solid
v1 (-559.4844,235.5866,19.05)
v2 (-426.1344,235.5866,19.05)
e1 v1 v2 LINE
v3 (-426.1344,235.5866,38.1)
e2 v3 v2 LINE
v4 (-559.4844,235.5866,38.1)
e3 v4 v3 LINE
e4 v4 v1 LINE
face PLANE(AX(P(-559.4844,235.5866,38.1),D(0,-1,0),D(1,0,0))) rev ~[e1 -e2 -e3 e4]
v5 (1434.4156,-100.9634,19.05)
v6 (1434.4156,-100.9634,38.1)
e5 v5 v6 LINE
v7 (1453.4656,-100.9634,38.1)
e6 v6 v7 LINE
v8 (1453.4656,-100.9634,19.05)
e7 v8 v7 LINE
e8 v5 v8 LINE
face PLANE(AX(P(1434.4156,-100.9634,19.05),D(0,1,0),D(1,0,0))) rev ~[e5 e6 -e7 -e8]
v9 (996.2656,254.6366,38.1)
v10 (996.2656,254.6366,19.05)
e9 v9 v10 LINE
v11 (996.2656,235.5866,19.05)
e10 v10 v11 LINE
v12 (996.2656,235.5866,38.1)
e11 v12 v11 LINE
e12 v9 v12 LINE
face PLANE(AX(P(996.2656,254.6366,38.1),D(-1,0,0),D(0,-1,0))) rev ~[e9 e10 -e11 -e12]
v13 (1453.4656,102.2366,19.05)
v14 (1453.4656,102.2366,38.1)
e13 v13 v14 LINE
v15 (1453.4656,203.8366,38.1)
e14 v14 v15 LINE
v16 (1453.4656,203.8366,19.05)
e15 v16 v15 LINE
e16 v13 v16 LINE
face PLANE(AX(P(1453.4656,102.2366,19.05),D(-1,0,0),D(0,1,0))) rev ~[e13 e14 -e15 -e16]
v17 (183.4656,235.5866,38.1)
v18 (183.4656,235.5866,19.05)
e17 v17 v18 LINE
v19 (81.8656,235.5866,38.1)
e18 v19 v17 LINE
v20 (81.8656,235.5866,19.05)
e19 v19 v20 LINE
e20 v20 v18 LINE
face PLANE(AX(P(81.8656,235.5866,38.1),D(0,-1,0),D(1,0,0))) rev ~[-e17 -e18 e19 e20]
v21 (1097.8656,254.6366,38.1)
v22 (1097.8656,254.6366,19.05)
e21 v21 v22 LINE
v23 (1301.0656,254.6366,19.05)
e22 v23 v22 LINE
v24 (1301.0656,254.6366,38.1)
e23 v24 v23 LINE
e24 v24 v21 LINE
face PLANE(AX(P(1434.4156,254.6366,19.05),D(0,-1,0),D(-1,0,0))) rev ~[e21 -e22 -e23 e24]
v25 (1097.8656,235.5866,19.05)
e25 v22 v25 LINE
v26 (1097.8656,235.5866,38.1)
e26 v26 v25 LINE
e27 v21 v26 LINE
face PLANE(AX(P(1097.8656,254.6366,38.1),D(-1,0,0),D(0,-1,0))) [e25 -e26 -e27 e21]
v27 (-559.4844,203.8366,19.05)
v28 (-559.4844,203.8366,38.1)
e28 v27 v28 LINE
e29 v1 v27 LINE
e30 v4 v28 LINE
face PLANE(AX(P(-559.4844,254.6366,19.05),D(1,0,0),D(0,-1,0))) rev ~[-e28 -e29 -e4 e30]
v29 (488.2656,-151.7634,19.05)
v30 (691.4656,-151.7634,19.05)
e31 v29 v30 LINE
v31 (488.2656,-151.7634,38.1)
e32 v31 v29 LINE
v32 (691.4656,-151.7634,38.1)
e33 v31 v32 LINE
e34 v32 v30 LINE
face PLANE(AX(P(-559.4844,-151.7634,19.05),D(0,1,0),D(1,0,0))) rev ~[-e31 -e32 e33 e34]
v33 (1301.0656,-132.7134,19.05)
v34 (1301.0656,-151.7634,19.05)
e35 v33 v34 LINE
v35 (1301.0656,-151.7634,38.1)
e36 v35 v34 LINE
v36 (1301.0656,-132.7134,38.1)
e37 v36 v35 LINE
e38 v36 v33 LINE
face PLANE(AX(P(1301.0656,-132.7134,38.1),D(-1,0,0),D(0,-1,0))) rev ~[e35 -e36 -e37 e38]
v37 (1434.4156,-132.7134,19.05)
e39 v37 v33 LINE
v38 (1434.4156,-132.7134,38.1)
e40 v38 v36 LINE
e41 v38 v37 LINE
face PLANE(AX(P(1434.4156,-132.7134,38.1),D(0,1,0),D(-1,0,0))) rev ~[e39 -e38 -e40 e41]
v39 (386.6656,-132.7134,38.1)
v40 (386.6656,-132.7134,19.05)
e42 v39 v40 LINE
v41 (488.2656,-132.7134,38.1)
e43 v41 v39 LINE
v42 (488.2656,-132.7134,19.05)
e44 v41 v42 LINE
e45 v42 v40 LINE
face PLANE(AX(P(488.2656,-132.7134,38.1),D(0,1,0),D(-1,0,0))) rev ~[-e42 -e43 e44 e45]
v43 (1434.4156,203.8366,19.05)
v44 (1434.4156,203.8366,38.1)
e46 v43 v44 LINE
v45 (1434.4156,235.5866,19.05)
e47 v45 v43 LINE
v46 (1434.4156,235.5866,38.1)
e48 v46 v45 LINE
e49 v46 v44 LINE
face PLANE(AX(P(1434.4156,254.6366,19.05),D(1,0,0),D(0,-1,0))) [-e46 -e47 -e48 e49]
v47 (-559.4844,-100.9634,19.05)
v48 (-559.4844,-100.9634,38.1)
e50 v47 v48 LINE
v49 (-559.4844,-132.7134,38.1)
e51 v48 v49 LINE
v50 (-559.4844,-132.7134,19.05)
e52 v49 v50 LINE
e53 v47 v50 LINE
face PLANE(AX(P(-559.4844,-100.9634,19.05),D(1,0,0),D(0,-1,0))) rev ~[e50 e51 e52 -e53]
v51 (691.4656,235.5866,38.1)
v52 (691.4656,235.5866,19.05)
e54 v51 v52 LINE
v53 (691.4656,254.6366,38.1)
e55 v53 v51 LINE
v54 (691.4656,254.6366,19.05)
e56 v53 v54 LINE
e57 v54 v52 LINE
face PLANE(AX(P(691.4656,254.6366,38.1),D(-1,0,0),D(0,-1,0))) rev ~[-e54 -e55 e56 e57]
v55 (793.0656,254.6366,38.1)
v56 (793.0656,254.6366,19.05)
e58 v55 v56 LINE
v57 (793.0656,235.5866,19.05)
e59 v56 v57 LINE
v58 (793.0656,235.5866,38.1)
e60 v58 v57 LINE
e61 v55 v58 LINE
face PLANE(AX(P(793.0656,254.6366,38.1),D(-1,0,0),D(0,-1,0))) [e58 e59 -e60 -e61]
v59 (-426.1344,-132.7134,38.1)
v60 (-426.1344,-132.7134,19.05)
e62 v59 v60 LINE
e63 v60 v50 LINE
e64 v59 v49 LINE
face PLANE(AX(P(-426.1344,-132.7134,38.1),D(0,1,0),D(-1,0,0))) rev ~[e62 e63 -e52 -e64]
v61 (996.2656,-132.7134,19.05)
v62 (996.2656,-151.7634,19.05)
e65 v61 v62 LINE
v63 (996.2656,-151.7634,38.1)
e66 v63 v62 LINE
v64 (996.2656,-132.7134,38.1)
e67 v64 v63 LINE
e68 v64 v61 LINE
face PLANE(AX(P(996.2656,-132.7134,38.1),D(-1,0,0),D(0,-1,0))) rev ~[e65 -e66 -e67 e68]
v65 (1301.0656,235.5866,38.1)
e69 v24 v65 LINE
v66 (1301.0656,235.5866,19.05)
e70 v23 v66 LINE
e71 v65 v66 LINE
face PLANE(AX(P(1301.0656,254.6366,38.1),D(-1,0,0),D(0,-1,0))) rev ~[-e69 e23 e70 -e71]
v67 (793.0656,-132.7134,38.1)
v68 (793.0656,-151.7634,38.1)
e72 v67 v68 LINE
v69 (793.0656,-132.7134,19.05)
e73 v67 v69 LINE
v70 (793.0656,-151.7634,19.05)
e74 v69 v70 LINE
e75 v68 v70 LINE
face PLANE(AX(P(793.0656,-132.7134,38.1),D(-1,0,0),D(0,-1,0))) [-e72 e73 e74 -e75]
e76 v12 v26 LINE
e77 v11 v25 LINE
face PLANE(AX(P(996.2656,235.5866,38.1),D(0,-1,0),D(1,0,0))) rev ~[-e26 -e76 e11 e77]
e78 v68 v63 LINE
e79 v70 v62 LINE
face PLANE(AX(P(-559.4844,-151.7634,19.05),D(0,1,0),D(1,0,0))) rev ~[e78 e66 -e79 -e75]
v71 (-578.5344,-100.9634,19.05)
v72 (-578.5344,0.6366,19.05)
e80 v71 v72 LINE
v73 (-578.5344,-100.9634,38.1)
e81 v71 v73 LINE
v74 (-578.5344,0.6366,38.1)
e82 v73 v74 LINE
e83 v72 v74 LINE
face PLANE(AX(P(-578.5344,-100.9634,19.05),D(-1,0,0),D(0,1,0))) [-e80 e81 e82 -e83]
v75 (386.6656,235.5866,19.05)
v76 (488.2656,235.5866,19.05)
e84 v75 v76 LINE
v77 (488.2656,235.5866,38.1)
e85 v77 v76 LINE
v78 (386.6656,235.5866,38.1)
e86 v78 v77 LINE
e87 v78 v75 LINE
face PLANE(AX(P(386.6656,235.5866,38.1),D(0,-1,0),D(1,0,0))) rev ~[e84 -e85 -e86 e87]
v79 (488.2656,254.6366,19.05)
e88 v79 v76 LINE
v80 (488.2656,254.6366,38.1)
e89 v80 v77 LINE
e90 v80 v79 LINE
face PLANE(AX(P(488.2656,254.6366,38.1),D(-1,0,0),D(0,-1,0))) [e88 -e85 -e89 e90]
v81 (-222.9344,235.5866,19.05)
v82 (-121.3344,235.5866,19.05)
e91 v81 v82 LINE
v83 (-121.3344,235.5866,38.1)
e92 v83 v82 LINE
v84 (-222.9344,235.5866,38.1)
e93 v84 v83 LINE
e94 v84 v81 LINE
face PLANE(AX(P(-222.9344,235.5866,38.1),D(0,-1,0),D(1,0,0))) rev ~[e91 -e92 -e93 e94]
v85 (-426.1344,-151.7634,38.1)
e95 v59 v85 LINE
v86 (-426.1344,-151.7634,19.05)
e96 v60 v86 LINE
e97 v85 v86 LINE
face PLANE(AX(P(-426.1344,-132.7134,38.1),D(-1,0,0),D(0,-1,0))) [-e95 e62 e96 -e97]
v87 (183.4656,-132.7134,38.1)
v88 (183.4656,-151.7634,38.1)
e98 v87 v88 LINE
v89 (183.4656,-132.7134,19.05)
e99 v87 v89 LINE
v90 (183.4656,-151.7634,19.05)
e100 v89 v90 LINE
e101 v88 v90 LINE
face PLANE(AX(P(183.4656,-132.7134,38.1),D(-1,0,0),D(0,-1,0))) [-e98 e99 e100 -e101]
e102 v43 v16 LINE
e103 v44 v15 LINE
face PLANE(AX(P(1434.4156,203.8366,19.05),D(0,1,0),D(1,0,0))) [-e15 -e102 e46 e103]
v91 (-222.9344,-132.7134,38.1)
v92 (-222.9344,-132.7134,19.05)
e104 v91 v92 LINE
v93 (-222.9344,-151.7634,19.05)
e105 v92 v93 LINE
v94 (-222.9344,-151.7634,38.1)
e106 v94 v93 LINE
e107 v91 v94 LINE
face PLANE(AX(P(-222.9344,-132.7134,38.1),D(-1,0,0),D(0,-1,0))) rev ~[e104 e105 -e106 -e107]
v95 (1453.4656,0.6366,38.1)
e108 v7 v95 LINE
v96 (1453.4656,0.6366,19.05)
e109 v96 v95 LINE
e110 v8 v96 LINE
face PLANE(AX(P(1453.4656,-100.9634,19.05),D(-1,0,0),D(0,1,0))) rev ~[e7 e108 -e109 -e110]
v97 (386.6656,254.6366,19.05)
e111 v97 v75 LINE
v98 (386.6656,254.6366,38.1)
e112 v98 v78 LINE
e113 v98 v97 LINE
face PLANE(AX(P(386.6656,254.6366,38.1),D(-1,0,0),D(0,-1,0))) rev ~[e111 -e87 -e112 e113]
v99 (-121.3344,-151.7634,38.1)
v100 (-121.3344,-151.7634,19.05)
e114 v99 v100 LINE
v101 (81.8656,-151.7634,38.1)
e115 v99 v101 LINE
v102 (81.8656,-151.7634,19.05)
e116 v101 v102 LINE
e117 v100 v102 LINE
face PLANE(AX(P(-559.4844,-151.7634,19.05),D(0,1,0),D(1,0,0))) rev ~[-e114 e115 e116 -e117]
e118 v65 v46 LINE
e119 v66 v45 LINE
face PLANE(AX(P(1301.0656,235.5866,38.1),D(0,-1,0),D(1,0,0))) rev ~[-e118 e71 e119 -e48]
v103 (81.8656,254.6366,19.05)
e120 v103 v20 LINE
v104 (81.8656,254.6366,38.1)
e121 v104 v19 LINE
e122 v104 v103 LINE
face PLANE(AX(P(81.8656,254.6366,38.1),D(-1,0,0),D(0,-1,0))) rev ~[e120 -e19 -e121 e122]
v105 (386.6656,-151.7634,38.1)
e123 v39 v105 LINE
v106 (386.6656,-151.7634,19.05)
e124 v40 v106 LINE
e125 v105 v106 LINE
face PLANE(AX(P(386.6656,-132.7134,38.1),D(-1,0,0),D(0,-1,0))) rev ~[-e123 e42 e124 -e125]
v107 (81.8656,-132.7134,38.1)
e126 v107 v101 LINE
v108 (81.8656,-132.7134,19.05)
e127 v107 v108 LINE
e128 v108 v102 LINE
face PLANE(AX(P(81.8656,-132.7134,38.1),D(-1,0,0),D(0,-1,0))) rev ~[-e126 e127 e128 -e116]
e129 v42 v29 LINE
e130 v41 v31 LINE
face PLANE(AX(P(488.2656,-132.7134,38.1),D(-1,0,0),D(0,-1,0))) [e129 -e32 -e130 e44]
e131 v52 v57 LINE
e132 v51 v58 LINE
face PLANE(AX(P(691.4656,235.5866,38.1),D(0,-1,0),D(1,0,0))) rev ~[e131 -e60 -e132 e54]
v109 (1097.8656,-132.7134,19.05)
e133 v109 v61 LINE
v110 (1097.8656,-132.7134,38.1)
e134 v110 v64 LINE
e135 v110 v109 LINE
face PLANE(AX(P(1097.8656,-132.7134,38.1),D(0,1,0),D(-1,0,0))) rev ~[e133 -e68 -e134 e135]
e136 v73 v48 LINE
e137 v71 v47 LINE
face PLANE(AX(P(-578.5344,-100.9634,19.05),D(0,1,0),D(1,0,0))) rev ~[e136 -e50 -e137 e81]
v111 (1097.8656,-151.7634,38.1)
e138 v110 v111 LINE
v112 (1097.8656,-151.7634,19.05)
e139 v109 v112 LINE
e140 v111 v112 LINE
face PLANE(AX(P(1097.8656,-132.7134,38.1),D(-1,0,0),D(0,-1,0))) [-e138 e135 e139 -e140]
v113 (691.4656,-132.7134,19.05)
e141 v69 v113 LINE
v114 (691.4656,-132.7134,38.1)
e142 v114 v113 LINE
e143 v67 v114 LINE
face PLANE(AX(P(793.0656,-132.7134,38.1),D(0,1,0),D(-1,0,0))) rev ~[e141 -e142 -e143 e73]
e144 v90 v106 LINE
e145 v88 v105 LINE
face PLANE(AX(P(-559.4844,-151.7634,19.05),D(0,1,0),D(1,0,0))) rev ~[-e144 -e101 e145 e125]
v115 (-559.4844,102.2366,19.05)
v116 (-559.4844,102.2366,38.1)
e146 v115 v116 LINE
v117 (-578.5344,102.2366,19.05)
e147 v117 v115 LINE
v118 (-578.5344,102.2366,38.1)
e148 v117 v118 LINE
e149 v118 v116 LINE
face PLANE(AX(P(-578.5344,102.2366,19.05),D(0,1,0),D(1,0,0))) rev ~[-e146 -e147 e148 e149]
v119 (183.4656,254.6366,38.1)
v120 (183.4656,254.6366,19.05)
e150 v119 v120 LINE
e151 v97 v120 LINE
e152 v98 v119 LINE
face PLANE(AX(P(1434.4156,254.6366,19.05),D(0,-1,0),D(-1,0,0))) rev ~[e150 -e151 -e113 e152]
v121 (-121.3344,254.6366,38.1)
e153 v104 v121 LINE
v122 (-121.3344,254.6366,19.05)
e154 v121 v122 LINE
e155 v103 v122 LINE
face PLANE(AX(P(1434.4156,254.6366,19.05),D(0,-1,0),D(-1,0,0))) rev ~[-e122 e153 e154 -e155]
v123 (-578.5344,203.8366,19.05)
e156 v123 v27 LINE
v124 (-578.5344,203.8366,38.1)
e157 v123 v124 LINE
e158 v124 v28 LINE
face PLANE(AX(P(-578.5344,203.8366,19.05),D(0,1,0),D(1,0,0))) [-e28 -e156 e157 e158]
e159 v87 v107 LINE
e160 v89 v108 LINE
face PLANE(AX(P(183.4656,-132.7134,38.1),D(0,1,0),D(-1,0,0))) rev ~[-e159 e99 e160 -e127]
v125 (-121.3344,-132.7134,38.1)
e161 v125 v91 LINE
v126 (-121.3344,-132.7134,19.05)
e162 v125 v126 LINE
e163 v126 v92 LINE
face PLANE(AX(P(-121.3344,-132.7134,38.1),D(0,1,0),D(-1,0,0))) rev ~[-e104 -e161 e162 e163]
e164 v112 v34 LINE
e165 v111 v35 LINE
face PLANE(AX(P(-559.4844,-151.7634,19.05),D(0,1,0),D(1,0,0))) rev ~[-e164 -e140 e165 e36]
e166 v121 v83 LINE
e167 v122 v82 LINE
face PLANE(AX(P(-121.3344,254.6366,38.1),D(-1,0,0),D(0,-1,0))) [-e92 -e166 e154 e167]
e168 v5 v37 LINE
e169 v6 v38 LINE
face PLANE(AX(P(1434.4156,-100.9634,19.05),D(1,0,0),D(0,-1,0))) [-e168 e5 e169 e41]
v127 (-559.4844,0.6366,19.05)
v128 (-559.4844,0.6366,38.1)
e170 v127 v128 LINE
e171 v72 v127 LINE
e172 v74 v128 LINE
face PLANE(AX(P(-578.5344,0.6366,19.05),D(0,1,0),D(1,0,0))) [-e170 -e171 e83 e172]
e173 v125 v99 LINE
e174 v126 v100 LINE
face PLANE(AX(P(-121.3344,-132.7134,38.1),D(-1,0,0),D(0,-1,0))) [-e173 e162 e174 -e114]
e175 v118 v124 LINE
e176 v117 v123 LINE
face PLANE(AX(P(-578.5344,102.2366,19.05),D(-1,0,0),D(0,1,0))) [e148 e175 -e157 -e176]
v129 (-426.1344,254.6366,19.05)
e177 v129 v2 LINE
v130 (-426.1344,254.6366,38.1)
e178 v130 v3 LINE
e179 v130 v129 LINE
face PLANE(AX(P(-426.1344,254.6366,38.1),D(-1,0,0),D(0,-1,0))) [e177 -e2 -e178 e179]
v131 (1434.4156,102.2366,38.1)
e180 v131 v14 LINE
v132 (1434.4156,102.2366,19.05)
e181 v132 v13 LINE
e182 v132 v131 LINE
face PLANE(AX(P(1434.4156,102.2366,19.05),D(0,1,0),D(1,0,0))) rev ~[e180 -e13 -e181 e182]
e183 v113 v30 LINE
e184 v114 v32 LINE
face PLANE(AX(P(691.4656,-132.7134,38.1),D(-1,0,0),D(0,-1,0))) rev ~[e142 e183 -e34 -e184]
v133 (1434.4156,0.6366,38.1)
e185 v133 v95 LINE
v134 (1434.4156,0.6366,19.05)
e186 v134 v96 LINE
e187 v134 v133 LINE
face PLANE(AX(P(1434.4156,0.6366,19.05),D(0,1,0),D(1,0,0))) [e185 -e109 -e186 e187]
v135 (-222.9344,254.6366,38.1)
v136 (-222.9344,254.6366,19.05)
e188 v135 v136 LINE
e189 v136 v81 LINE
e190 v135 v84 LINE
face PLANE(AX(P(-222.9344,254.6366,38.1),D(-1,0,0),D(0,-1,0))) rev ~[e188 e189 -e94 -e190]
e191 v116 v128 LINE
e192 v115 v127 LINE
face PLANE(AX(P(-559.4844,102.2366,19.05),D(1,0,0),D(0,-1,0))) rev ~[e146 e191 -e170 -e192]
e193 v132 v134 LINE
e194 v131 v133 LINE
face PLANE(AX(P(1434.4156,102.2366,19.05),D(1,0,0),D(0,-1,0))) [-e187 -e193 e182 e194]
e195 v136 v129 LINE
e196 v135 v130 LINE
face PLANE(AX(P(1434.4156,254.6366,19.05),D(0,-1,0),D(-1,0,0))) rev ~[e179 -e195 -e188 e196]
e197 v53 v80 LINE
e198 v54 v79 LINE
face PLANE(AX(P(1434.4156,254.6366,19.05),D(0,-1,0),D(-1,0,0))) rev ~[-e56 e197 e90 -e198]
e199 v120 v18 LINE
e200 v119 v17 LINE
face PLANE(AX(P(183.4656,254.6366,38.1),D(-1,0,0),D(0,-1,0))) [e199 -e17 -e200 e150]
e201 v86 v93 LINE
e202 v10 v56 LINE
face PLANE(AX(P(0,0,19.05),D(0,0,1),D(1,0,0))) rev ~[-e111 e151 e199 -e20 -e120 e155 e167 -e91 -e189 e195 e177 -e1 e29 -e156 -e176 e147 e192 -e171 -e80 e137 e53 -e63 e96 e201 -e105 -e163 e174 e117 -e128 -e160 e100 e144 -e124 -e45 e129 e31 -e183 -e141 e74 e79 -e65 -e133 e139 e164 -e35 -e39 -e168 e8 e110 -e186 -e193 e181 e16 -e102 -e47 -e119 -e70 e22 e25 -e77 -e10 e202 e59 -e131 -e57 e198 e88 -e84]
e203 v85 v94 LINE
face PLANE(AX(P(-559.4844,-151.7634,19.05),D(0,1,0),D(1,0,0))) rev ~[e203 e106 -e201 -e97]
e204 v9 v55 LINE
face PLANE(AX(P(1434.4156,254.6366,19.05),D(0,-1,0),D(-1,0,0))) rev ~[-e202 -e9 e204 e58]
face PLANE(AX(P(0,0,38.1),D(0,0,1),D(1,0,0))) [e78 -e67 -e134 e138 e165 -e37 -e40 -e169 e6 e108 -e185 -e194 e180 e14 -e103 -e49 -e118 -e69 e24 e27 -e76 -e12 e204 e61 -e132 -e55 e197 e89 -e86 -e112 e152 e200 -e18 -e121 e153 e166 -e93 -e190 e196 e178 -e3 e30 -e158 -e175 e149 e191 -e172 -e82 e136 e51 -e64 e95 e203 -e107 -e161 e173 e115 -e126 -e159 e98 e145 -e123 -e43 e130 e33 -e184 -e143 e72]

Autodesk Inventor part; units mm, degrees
ref_plane "YZ Plane" through (0, 0, 0) normal (1, 0, 0) x (0, 1, 0)
ref_plane "XZ Plane" through (0, 0, 0) normal (0, 1, 0) x (-1, 0, 0)
ref_plane "XY Plane" through (0, 0, 0) normal (0, 0, 1) x (1, 0, 0)
ref_plane "Work Plane1" through (0, 0, 19.05) normal (0, 0, 1) x (1, 0, 0)
sketch "Sketch2" plane through (0, 0, 19.05) normal (0, 0, 1) x (1, 0, 0)
  line L0 (1453.4656, 254.6366) -> (-578.5344, 254.6366) projected
  line L1 (-578.5344, 254.6366) -> (-559.4844, 254.6366)
  line L2 (-559.4844, -151.7634) -> (-578.5344, -151.7634)
  line L3 (-578.5344, -151.7634) -> (-578.5344, 254.6366)
  line L4 (1453.4656, -151.7634) -> (1453.4656, 254.6366) projected
  line L5 (-578.5344, -151.7634) -> (1453.4656, -151.7634) projected
  line L6 (1453.4656, 254.6366) -> (1434.4156, 254.6366)
  line L7 (1434.4156, -151.7634) -> (1453.4656, -151.7634)
  line L8 (1453.4656, -151.7634) -> (1453.4656, 254.6366)
  line L9 (-578.5344, 254.6366) -> (-578.5344, -151.7634) projected
  line L10 (-559.4844, 254.6366) -> (-559.4844, 203.8366)
  line L11 (-578.5344, 203.8366) -> (-559.4844, 203.8366)
  line L12 (1434.4156, 203.8366) -> (1453.4656, 203.8366)
  line L13 (-578.5344, 102.2366) -> (-559.4844, 102.2366)
  line L14 (1434.4156, 102.2366) -> (1453.4656, 102.2366)
  line L15 (-578.5344, 0.6366) -> (-559.4844, 0.6366)
  line L16 (1434.4156, 0.6366) -> (1453.4656, 0.6366)
  line L17 (-578.5344, -100.9634) -> (-559.4844, -100.9634)
  line L18 (1434.4156, -100.9634) -> (1453.4656, -100.9634)
  line L19 (-559.4844, 102.2366) -> (-559.4844, 0.6366)
  line L20 (-559.4844, -100.9634) -> (-559.4844, -151.7634)
  line L21 (1434.4156, 254.6366) -> (1434.4156, 203.8366)
  line L22 (1434.4156, 102.2366) -> (1434.4156, 0.6366)
  line L23 (1434.4156, -100.9634) -> (1434.4156, -151.7634)
  line L24 (-578.5344, 254.6366) -> (-559.4844, 254.6366)
  line L25 (-559.4844, 254.6366) -> (-559.4844, 203.8366)
  line L26 (-559.4844, 203.8366) -> (-578.5344, 203.8366)
  line L27 (-578.5344, 203.8366) -> (-578.5344, 254.6366)
  line L28 (-578.5344, 102.2366) -> (-559.4844, 102.2366)
  line L29 (-559.4844, 102.2366) -> (-559.4844, 0.6366)
  line L30 (-559.4844, 0.6366) -> (-578.5344, 0.6366)
  line L31 (-578.5344, 0.6366) -> (-578.5344, 102.2366)
  line L32 (-578.5344, -100.9634) -> (-559.4844, -100.9634)
  line L33 (-559.4844, -100.9634) -> (-559.4844, -151.7634)
  line L34 (-559.4844, -151.7634) -> (-578.5344, -151.7634)
  line L35 (-578.5344, -151.7634) -> (-578.5344, -100.9634)
  line L36 (1453.4656, 254.6366) -> (1434.4156, 254.6366)
  line L37 (1434.4156, 254.6366) -> (1434.4156, 203.8366)
  line L38 (1434.4156, 203.8366) -> (1453.4656, 203.8366)
  line L39 (1453.4656, 203.8366) -> (1453.4656, 254.6366)
  line L40 (1453.4656, 102.2366) -> (1434.4156, 102.2366)
  line L41 (1434.4156, 102.2366) -> (1434.4156, 0.6366)
  line L42 (1434.4156, 0.6366) -> (1453.4656, 0.6366)
  line L43 (1453.4656, 0.6366) -> (1453.4656, 102.2366)
  line L44 (1453.4656, -100.9634) -> (1434.4156, -100.9634)
  line L45 (1434.4156, -100.9634) -> (1434.4156, -151.7634)
  line L46 (1434.4156, -151.7634) -> (1453.4656, -151.7634)
  line L47 (1453.4656, -151.7634) -> (1453.4656, -100.9634)
  point P0 (0, 0)
extrude "Extrusion2" add sketch "Sketch2" along normal blind 19.05 contours L21 L12 L4 L14 L22 L16 L18 L23 L5 L20 L17 L3 L15 L19 L13 L11 L10 L0
sketch "Sketch3" plane through (0, 0, 38.1) normal (0, 0, 1) x (1, 0, 0)
  line L0 (1434.4156, 254.6366) -> (-559.4844, 254.6366) projected
  line L1 (1453.4656, 102.2366) -> (1453.4656, 203.8366) projected
  line L2 (-559.4844, -151.7634) -> (1434.4156, -151.7634) projected
  line L3 (-559.4844, 254.6366) -> (-426.1344, 254.6366)
  line L4 (-559.4844, 235.5866) -> (-426.1344, 235.5866)
  line L5 (-222.9344, 254.6366) -> (-121.3344, 254.6366)
  line L6 (-222.9344, 235.5866) -> (-121.3344, 235.5866)
  line L7 (81.8656, 254.6366) -> (183.4656, 254.6366)
  line L8 (81.8656, 235.5866) -> (183.4656, 235.5866)
  line L9 (386.6656, 254.6366) -> (488.2656, 254.6366)
  line L10 (386.6656, 235.5866) -> (488.2656, 235.5866)
  line L11 (691.4656, 254.6366) -> (793.0656, 254.6366)
  line L12 (691.4656, 235.5866) -> (793.0656, 235.5866)
  line L13 (996.2656, 254.6366) -> (1097.8656, 254.6366)
  line L14 (1301.0656, 254.6366) -> (1434.4156, 254.6366)
  line L15 (996.2656, 235.5866) -> (1097.8656, 235.5866)
  line L16 (1301.0656, 235.5866) -> (1434.4156, 235.5866)
  line L17 (1301.0656, 254.6366) -> (1301.0656, 235.5866)
  line L18 (1301.0656, -132.7134) -> (1301.0656, -151.7634)
  line L19 (1097.8656, 254.6366) -> (1097.8656, 235.5866)
  line L20 (1097.8656, -132.7134) -> (1097.8656, -151.7634)
  line L21 (996.2656, 254.6366) -> (996.2656, 235.5866)
  line L22 (996.2656, -132.7134) -> (996.2656, -156.6063)
  line L23 (793.0656, 254.6366) -> (793.0656, 235.5866)
  line L24 (793.0656, -132.7134) -> (793.0656, -151.7634)
  line L25 (691.4656, 254.6366) -> (691.4656, 235.5866)
  line L26 (691.4656, -132.7134) -> (691.4656, -151.7634)
  line L27 (488.2656, 254.6366) -> (488.2656, 235.5866)
  line L28 (488.2656, -132.7134) -> (488.2656, -151.7634)
  line L29 (386.6656, 254.6366) -> (386.6656, 235.5866)
  line L30 (386.6656, -132.7134) -> (386.6656, -151.7634)
  line L31 (183.4656, 254.6366) -> (183.4656, 235.5866)
  line L32 (183.4656, -132.7134) -> (183.4656, -151.7634)
  line L33 (81.8656, 254.6366) -> (81.8656, 235.5866)
  line L34 (81.8656, -132.7134) -> (81.8656, -151.7634)
  line L35 (-121.3344, 254.6366) -> (-121.3344, 235.5866)
  line L36 (-121.3344, -132.7134) -> (-121.3344, -156.6063)
  line L37 (-222.9344, 254.6366) -> (-222.9344, 235.5866)
  line L38 (-222.9344, -132.7134) -> (-222.9344, -151.7634)
  line L39 (-426.1344, 254.6366) -> (-426.1344, 235.5866)
  line L40 (-426.1344, -132.7134) -> (-426.1344, -151.7634)
  line L41 (-426.1344, -132.7134) -> (-559.4844, -132.7134)
  line L42 (-559.4844, -132.7134) -> (-426.1344, -132.7134)
  line L43 (-426.1344, -151.7634) -> (-559.4844, -151.7634)
  line L44 (-121.3344, -132.7134) -> (-222.9344, -132.7134)
  line L45 (-121.3344, -151.7634) -> (-222.9344, -151.7634)
  line L46 (-222.9344, -132.7134) -> (-121.3344, -132.7134)
  line L47 (183.4656, -151.7634) -> (81.8656, -151.7634)
  line L48 (183.4656, -132.7134) -> (81.8656, -132.7134)
  line L49 (81.8656, -132.7134) -> (183.4656, -132.7134)
  line L50 (488.2656, -132.7134) -> (386.6656, -132.7134)
  line L51 (488.2656, -151.7634) -> (386.6656, -151.7634)
  line L52 (386.6656, -132.7134) -> (488.2656, -132.7134)
  line L53 (793.0656, -132.7134) -> (691.4656, -132.7134)
  line L54 (793.0656, -151.7634) -> (691.4656, -151.7634)
  line L55 (691.4656, -132.7134) -> (793.0656, -132.7134)
  line L56 (1434.4156, -132.7134) -> (1301.0656, -132.7134)
  line L57 (1097.8656, -132.7134) -> (996.2656, -132.7134)
  line L58 (1434.4156, -151.7634) -> (1301.0656, -151.7634)
  line L59 (1097.8656, -151.7634) -> (996.2656, -151.7634)
  line L60 (996.2656, -132.7134) -> (1097.8656, -132.7134)
  line L61 (1301.0656, -132.7134) -> (1434.4156, -132.7134)
  line L62 (1434.4156, 254.6366) -> (1434.4156, 235.5866)
  line L63 (1434.4156, -132.7134) -> (1434.4156, -151.7634)
  line L64 (-559.4844, 254.6366) -> (-559.4844, 235.5866)
  line L65 (-559.4844, -132.7134) -> (-559.4844, -151.7634)
  point P0 (0, 0)
  point P1 (1453.4656, -132.7134)
  point P2 (1545.8427, 235.5866)
  point P3 (874.9313, 0)
extrude "Extrusion3" cut sketch "Sketch3" against normal blind 19.05
properties part number "bottom" material "Wood (Birch)"
